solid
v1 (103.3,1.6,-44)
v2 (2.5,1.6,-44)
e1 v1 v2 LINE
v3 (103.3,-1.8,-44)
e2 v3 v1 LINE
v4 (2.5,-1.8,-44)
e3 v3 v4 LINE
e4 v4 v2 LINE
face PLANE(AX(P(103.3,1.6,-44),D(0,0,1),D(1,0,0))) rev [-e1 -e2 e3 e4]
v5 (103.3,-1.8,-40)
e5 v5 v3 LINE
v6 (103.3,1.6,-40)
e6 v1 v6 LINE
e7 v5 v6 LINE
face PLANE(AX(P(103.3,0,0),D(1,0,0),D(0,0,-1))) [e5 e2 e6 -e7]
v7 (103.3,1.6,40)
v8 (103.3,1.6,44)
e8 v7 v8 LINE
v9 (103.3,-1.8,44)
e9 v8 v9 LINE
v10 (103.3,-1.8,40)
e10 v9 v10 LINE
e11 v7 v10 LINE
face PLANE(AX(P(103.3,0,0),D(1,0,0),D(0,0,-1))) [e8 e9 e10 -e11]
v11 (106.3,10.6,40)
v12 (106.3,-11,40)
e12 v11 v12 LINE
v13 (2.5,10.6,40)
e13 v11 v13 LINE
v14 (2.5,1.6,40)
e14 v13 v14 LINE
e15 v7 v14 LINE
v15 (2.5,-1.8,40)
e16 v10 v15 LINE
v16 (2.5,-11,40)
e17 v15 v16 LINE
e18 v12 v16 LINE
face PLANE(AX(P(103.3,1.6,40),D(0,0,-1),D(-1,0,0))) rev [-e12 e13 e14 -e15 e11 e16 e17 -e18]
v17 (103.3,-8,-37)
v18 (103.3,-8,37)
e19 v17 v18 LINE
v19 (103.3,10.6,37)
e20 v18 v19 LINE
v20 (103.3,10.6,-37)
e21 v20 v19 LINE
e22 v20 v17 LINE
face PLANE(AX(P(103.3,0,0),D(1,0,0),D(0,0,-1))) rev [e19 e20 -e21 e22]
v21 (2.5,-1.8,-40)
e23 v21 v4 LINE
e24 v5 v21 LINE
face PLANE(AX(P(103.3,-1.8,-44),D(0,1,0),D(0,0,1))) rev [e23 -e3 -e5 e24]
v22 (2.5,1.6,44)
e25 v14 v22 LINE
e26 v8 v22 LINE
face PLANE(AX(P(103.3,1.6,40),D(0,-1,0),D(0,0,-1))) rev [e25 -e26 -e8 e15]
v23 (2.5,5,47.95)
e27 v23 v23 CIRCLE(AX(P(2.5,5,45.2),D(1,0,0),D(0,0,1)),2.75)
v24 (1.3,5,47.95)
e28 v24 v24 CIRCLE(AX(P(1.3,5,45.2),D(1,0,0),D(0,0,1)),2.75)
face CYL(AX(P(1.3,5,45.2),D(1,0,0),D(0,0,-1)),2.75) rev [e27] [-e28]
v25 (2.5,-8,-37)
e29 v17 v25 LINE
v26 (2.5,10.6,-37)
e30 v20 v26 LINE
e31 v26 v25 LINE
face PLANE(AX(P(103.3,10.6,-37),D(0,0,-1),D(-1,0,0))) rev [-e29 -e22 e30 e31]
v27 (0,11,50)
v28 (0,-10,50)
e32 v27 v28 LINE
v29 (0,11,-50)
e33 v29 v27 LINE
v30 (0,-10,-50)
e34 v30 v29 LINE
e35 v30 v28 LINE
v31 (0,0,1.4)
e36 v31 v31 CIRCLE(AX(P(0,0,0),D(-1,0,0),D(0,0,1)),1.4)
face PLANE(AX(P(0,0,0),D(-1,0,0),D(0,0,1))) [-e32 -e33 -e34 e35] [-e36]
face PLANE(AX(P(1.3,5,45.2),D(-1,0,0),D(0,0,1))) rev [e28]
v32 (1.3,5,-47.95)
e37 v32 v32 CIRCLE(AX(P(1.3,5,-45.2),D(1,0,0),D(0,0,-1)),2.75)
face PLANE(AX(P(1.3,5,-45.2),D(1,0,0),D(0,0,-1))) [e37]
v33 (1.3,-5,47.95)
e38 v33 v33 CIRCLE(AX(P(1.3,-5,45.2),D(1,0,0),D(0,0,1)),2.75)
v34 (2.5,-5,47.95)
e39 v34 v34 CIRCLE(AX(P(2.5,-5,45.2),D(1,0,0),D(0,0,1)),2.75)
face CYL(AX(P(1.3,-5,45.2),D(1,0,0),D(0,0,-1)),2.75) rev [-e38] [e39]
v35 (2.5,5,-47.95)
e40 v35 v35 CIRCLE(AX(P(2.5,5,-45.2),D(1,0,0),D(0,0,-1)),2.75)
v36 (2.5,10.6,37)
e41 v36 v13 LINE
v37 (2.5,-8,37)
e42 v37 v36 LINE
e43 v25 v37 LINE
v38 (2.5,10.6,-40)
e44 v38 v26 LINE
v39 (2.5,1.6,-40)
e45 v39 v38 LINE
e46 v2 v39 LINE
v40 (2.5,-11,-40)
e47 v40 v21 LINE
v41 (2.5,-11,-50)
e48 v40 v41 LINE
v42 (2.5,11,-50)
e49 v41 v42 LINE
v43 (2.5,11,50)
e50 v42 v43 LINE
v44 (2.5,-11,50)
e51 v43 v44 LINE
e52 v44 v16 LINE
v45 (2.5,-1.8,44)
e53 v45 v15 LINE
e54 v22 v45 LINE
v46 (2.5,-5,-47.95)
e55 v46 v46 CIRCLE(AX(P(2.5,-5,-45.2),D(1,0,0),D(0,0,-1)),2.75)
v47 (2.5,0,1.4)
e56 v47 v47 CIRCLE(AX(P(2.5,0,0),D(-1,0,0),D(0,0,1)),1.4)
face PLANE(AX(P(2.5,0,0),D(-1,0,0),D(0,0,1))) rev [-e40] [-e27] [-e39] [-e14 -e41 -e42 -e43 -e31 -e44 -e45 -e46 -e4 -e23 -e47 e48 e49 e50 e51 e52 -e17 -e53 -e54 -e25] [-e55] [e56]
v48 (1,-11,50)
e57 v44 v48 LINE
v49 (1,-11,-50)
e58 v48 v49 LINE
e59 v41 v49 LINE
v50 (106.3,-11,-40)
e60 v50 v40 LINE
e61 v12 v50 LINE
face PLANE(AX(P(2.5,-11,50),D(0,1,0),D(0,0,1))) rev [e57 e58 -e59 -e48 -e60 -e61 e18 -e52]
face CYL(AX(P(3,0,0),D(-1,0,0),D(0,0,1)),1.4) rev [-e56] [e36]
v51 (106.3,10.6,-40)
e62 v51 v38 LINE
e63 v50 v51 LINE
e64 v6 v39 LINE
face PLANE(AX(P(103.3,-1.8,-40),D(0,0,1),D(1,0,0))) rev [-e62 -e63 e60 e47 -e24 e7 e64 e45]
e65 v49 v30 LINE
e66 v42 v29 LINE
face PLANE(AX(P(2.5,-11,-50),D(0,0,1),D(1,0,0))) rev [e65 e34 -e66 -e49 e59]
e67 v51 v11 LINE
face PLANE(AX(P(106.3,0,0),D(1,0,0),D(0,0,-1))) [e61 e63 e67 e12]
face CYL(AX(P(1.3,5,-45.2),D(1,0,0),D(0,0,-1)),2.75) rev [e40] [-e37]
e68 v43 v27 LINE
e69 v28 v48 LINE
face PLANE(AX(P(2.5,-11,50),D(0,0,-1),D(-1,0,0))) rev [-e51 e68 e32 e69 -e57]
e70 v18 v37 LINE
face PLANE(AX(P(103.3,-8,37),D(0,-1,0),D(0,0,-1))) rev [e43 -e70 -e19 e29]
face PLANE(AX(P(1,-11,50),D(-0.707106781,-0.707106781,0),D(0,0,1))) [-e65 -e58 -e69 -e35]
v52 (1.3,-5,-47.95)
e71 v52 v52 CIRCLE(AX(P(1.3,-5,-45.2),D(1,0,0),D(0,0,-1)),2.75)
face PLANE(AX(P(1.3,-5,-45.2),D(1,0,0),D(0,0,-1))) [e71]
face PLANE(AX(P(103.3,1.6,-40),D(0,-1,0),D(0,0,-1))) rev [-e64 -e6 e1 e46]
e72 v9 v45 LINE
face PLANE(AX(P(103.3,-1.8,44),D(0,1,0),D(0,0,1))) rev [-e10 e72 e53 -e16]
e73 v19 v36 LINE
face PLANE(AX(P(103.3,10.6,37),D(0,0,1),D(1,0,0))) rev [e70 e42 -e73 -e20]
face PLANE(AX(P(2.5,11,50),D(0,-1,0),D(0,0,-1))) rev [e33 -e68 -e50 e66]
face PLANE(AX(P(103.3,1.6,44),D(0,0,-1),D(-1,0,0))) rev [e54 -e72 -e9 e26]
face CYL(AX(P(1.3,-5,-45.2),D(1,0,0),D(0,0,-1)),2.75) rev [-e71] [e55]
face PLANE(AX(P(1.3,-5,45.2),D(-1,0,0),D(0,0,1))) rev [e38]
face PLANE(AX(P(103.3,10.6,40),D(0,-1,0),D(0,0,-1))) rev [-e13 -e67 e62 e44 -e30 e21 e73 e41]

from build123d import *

# Parameters (mm, degrees)
CROQUIS1_W              = 100
CROQUIS1_H              = 22
SALIENTE_EXTRUIR1_DEPTH = 2.5
CROQUIS4_R              = 2.75
CORTAR_EXTRUIR2_DEPTH   = 1.2
SALIENTE_EXTRUIR2_DEPTH = 100.8
CROQUIS7_W              = 80
CROQUIS7_H              = 21.6
SALIENTE_EXTRUIR3_DEPTH = 3
CROQUIS8_R              = 1.4
CORTAR_EXTRUIR3_DEPTH   = 3
CHAFL_N1_SIZE           = 1


with BuildPart() as part:
    # Croquis1 → Saliente-Extruir1 (new body)
    with BuildSketch(Plane(origin=(0, 0, 0), x_dir=(0, 0, -1), z_dir=(1, 0, 0))):
        Rectangle(CROQUIS1_W, CROQUIS1_H)
    extrude(amount=SALIENTE_EXTRUIR1_DEPTH)

    # Croquis4 → Cortar-Extruir2 (cut)
    with BuildSketch(Plane(origin=(2.5, 0, 0), x_dir=(0, 0, -1), z_dir=(1, 0, 0))):
        with Locations((45.2, 5)):
            Circle(CROQUIS4_R)
        with Locations((45.2, -5)):
            Circle(CROQUIS4_R)
        with Locations((-45.2, 5)):
            Circle(CROQUIS4_R)
        with Locations((-45.2, -5)):
            Circle(CROQUIS4_R)
    extrude(amount=-CORTAR_EXTRUIR2_DEPTH, mode=Mode.SUBTRACT)

    # Croquis6 → Saliente-Extruir2 (add)
    with BuildSketch(Plane(origin=(2.5, 0, 0), x_dir=(0, 0, -1), z_dir=(1, 0, 0))):
        Polygon((-40, -11), (40, -11), (40, -1.8), (44, -1.8), (44, 1.6), (40, 1.6), (40, 10.6), (37, 10.6), (37, -8), (-37, -8), (-37, 10.6), (-40, 10.6), (-40, 1.6), (-44, 1.6), (-44, -1.8), (-40, -1.8), align=None)
    extrude(amount=SALIENTE_EXTRUIR2_DEPTH)

    # Croquis7 → Saliente-Extruir3 (add)
    with BuildSketch(Plane(origin=(103.3, 0, 0), x_dir=(0, 0, -1), z_dir=(1, 0, 0))):
        with Locations((0, -0.2)):
            Rectangle(CROQUIS7_W, CROQUIS7_H)
    extrude(amount=SALIENTE_EXTRUIR3_DEPTH)

    # Croquis8 → Cortar-Extruir3 (cut)
    with BuildSketch(Plane.ZY):
        Circle(CROQUIS8_R)
    extrude(amount=-CORTAR_EXTRUIR3_DEPTH, mode=Mode.SUBTRACT)

    # Chaflán1
    chafl_n1_edges = [part.edges().sort_by_distance(p)[0] for p in [
        (0, -11, 0),
    ]]
    chamfer(chafl_n1_edges, length=CHAFL_N1_SIZE)


solid = part.part
